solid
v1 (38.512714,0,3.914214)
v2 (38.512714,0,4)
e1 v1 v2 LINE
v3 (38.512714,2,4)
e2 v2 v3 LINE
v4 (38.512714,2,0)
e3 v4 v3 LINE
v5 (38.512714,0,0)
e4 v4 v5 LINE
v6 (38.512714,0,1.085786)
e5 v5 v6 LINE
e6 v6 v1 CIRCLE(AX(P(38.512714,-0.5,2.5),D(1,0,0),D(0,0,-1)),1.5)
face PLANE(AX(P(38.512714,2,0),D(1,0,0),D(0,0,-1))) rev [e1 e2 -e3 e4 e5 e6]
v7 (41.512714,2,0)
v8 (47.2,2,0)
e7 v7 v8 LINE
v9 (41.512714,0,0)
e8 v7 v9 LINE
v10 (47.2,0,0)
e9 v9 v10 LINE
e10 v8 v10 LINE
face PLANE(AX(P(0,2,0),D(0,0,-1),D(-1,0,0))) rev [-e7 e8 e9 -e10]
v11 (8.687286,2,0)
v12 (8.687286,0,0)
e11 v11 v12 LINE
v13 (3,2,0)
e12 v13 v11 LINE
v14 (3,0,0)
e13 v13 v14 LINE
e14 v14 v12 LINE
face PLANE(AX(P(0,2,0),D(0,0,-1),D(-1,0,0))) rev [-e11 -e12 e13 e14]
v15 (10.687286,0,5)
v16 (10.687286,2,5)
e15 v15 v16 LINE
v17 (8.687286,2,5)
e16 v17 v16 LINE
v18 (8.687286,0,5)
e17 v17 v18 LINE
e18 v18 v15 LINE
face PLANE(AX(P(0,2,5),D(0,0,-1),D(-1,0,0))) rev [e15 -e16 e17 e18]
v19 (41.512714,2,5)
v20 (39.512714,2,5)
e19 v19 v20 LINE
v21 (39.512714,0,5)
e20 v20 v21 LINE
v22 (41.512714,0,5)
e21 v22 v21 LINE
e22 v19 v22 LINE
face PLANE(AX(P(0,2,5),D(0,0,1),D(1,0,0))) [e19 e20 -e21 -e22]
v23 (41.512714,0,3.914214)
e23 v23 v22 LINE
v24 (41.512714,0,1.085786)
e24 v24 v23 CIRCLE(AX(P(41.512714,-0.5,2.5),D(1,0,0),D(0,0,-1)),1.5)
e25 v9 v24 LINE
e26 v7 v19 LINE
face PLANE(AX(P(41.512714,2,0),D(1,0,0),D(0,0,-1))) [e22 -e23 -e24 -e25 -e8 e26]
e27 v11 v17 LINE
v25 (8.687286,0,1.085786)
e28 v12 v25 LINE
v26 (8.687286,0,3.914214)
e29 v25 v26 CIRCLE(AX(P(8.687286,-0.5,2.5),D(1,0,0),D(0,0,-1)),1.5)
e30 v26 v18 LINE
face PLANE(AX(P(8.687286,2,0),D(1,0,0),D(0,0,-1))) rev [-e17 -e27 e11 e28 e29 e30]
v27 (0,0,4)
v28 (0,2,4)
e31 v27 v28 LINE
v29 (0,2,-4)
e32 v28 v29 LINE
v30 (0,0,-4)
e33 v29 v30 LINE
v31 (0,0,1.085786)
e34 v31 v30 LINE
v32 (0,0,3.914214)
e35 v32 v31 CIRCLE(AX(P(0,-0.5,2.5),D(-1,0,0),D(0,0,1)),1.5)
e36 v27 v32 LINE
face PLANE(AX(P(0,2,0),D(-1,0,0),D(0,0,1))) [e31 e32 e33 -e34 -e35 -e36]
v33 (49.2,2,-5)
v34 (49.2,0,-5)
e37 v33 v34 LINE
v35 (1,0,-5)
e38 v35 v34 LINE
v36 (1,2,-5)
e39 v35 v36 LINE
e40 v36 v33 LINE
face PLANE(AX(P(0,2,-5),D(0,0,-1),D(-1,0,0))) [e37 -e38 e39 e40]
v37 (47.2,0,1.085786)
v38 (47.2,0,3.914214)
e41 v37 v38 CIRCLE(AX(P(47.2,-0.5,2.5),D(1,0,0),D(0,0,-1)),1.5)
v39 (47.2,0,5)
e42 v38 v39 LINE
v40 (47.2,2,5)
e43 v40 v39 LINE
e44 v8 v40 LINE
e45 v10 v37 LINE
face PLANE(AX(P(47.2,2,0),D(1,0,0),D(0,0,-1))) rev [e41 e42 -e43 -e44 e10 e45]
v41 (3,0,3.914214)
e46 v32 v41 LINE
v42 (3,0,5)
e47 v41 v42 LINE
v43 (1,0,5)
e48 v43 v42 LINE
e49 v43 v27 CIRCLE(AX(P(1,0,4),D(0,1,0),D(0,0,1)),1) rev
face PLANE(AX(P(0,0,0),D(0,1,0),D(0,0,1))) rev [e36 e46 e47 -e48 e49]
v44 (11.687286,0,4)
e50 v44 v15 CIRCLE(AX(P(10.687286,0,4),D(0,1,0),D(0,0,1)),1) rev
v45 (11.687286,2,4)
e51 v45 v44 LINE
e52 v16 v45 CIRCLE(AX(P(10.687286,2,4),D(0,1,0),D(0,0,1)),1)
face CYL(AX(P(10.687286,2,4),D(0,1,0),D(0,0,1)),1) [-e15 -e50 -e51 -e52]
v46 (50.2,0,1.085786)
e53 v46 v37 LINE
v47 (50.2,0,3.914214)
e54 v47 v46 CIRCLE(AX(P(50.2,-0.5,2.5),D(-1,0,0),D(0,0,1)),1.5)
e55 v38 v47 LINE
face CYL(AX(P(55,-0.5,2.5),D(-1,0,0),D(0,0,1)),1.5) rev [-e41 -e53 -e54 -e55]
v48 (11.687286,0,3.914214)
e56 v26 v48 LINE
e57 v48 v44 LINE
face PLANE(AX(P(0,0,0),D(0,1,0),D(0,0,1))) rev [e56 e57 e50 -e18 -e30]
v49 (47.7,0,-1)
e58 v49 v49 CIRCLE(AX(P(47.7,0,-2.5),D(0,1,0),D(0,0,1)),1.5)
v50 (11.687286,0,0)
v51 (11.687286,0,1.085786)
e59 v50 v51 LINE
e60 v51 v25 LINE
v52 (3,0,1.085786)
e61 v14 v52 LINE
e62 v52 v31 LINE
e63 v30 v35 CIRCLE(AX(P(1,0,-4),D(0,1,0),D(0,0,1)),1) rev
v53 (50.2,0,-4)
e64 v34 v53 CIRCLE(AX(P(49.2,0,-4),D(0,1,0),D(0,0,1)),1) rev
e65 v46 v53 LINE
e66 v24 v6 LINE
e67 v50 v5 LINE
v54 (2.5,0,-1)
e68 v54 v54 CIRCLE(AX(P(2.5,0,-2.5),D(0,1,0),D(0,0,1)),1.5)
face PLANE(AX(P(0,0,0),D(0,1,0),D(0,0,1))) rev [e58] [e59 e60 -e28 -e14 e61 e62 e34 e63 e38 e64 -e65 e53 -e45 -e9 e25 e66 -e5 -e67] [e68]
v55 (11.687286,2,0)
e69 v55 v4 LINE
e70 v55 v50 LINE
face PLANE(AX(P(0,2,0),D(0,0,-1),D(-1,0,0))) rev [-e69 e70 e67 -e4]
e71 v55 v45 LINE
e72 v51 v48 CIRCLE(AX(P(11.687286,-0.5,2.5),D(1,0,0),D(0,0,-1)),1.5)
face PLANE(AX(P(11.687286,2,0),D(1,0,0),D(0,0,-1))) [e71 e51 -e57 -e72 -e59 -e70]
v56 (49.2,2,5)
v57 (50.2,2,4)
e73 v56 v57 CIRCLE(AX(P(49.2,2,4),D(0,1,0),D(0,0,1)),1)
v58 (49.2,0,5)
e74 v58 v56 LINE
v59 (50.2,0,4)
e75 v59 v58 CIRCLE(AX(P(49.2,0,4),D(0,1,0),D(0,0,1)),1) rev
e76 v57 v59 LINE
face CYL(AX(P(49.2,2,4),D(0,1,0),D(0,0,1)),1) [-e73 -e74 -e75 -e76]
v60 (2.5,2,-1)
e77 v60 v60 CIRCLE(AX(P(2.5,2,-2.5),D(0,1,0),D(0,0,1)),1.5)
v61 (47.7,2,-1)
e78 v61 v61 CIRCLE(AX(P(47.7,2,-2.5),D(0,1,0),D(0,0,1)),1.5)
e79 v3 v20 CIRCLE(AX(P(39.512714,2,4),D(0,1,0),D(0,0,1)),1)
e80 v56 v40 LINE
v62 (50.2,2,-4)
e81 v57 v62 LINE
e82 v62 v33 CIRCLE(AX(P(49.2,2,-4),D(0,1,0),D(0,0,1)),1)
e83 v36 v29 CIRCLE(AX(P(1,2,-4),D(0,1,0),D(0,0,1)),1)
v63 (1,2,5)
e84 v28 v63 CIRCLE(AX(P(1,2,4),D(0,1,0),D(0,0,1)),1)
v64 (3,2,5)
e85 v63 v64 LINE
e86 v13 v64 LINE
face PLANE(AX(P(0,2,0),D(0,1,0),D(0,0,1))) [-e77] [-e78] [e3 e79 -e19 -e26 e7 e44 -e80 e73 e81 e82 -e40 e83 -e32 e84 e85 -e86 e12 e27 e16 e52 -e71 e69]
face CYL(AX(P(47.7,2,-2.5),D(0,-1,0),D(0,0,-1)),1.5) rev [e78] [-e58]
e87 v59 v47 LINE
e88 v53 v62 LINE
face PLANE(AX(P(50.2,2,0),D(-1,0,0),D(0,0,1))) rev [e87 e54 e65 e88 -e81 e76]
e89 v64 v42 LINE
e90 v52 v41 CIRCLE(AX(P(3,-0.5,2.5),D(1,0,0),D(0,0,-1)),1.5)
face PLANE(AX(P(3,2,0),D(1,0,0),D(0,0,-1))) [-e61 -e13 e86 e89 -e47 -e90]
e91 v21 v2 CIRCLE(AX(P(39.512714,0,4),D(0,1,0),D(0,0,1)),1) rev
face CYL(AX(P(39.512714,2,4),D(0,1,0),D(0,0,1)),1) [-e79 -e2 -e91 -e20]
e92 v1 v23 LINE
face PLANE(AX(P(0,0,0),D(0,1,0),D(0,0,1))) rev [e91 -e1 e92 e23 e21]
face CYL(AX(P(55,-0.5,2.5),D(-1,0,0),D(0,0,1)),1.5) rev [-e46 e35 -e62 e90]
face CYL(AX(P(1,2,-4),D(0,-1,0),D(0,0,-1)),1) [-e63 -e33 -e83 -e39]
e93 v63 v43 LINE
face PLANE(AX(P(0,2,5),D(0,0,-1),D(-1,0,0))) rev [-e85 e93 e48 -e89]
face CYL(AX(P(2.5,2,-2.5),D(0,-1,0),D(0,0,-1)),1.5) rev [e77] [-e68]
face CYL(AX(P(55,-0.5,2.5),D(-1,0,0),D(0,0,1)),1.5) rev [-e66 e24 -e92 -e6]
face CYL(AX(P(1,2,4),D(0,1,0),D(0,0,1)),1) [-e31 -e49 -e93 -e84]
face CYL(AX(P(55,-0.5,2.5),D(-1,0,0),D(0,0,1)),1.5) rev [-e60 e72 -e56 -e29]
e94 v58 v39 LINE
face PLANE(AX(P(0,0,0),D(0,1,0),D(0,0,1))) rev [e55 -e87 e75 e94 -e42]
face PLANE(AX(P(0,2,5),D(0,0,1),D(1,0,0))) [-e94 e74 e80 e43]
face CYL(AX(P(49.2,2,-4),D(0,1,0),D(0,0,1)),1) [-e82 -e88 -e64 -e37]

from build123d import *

# Parameters (mm, degrees)
SKETCH1_R           = 1.5
BOSS_EXTRUDE1_DEPTH = 2
SKETCH2_R           = 1.5
CUT_EXTRUDE1_DEPTH  = 55
FILLET1_R           = 1


with BuildPart() as part:
    # Sketch1 → Boss-Extrude1 (new body)
    with BuildSketch(Plane(origin=(0, 0, 0), x_dir=(1, 0, 0), z_dir=(0, 1, 0))):
        Polygon((0, 5), (0, -5), (3, -5), (3, 0), (8.68728571, 0), (8.68728571, -5), (11.68728571, -5), (11.68728571, 0), (38.51271429, 0), (38.51271429, -5), (41.51271429, -5), (41.51271429, 0), (47.2, 0), (47.2, -5), (50.2, -5), (50.2, 5), align=None)
        with Locations((2.5, 2.5)):
            Circle(SKETCH1_R, mode=Mode.SUBTRACT)
        with Locations((47.7, 2.5)):
            Circle(SKETCH1_R, mode=Mode.SUBTRACT)
    extrude(amount=BOSS_EXTRUDE1_DEPTH)

    # Sketch2 → Cut-Extrude1 (cut)
    with BuildSketch(Plane.ZY):
        with Locations((2.5, -0.5)):
            Circle(SKETCH2_R)
    extrude(amount=-CUT_EXTRUDE1_DEPTH, mode=Mode.SUBTRACT)

    # Fillet1
    fillet1_edges = [part.edges().sort_by_distance(p)[0] for p in [
        (50.2, 1, -5),
        (50.2, 1, 5),
        (38.51271429, 1, 5),
        (11.68728571, 1, 5),
        (0, 1, 5),
        (0, 1, -5),
    ]]
    fillet(fillet1_edges, radius=FILLET1_R)


solid = part.part
